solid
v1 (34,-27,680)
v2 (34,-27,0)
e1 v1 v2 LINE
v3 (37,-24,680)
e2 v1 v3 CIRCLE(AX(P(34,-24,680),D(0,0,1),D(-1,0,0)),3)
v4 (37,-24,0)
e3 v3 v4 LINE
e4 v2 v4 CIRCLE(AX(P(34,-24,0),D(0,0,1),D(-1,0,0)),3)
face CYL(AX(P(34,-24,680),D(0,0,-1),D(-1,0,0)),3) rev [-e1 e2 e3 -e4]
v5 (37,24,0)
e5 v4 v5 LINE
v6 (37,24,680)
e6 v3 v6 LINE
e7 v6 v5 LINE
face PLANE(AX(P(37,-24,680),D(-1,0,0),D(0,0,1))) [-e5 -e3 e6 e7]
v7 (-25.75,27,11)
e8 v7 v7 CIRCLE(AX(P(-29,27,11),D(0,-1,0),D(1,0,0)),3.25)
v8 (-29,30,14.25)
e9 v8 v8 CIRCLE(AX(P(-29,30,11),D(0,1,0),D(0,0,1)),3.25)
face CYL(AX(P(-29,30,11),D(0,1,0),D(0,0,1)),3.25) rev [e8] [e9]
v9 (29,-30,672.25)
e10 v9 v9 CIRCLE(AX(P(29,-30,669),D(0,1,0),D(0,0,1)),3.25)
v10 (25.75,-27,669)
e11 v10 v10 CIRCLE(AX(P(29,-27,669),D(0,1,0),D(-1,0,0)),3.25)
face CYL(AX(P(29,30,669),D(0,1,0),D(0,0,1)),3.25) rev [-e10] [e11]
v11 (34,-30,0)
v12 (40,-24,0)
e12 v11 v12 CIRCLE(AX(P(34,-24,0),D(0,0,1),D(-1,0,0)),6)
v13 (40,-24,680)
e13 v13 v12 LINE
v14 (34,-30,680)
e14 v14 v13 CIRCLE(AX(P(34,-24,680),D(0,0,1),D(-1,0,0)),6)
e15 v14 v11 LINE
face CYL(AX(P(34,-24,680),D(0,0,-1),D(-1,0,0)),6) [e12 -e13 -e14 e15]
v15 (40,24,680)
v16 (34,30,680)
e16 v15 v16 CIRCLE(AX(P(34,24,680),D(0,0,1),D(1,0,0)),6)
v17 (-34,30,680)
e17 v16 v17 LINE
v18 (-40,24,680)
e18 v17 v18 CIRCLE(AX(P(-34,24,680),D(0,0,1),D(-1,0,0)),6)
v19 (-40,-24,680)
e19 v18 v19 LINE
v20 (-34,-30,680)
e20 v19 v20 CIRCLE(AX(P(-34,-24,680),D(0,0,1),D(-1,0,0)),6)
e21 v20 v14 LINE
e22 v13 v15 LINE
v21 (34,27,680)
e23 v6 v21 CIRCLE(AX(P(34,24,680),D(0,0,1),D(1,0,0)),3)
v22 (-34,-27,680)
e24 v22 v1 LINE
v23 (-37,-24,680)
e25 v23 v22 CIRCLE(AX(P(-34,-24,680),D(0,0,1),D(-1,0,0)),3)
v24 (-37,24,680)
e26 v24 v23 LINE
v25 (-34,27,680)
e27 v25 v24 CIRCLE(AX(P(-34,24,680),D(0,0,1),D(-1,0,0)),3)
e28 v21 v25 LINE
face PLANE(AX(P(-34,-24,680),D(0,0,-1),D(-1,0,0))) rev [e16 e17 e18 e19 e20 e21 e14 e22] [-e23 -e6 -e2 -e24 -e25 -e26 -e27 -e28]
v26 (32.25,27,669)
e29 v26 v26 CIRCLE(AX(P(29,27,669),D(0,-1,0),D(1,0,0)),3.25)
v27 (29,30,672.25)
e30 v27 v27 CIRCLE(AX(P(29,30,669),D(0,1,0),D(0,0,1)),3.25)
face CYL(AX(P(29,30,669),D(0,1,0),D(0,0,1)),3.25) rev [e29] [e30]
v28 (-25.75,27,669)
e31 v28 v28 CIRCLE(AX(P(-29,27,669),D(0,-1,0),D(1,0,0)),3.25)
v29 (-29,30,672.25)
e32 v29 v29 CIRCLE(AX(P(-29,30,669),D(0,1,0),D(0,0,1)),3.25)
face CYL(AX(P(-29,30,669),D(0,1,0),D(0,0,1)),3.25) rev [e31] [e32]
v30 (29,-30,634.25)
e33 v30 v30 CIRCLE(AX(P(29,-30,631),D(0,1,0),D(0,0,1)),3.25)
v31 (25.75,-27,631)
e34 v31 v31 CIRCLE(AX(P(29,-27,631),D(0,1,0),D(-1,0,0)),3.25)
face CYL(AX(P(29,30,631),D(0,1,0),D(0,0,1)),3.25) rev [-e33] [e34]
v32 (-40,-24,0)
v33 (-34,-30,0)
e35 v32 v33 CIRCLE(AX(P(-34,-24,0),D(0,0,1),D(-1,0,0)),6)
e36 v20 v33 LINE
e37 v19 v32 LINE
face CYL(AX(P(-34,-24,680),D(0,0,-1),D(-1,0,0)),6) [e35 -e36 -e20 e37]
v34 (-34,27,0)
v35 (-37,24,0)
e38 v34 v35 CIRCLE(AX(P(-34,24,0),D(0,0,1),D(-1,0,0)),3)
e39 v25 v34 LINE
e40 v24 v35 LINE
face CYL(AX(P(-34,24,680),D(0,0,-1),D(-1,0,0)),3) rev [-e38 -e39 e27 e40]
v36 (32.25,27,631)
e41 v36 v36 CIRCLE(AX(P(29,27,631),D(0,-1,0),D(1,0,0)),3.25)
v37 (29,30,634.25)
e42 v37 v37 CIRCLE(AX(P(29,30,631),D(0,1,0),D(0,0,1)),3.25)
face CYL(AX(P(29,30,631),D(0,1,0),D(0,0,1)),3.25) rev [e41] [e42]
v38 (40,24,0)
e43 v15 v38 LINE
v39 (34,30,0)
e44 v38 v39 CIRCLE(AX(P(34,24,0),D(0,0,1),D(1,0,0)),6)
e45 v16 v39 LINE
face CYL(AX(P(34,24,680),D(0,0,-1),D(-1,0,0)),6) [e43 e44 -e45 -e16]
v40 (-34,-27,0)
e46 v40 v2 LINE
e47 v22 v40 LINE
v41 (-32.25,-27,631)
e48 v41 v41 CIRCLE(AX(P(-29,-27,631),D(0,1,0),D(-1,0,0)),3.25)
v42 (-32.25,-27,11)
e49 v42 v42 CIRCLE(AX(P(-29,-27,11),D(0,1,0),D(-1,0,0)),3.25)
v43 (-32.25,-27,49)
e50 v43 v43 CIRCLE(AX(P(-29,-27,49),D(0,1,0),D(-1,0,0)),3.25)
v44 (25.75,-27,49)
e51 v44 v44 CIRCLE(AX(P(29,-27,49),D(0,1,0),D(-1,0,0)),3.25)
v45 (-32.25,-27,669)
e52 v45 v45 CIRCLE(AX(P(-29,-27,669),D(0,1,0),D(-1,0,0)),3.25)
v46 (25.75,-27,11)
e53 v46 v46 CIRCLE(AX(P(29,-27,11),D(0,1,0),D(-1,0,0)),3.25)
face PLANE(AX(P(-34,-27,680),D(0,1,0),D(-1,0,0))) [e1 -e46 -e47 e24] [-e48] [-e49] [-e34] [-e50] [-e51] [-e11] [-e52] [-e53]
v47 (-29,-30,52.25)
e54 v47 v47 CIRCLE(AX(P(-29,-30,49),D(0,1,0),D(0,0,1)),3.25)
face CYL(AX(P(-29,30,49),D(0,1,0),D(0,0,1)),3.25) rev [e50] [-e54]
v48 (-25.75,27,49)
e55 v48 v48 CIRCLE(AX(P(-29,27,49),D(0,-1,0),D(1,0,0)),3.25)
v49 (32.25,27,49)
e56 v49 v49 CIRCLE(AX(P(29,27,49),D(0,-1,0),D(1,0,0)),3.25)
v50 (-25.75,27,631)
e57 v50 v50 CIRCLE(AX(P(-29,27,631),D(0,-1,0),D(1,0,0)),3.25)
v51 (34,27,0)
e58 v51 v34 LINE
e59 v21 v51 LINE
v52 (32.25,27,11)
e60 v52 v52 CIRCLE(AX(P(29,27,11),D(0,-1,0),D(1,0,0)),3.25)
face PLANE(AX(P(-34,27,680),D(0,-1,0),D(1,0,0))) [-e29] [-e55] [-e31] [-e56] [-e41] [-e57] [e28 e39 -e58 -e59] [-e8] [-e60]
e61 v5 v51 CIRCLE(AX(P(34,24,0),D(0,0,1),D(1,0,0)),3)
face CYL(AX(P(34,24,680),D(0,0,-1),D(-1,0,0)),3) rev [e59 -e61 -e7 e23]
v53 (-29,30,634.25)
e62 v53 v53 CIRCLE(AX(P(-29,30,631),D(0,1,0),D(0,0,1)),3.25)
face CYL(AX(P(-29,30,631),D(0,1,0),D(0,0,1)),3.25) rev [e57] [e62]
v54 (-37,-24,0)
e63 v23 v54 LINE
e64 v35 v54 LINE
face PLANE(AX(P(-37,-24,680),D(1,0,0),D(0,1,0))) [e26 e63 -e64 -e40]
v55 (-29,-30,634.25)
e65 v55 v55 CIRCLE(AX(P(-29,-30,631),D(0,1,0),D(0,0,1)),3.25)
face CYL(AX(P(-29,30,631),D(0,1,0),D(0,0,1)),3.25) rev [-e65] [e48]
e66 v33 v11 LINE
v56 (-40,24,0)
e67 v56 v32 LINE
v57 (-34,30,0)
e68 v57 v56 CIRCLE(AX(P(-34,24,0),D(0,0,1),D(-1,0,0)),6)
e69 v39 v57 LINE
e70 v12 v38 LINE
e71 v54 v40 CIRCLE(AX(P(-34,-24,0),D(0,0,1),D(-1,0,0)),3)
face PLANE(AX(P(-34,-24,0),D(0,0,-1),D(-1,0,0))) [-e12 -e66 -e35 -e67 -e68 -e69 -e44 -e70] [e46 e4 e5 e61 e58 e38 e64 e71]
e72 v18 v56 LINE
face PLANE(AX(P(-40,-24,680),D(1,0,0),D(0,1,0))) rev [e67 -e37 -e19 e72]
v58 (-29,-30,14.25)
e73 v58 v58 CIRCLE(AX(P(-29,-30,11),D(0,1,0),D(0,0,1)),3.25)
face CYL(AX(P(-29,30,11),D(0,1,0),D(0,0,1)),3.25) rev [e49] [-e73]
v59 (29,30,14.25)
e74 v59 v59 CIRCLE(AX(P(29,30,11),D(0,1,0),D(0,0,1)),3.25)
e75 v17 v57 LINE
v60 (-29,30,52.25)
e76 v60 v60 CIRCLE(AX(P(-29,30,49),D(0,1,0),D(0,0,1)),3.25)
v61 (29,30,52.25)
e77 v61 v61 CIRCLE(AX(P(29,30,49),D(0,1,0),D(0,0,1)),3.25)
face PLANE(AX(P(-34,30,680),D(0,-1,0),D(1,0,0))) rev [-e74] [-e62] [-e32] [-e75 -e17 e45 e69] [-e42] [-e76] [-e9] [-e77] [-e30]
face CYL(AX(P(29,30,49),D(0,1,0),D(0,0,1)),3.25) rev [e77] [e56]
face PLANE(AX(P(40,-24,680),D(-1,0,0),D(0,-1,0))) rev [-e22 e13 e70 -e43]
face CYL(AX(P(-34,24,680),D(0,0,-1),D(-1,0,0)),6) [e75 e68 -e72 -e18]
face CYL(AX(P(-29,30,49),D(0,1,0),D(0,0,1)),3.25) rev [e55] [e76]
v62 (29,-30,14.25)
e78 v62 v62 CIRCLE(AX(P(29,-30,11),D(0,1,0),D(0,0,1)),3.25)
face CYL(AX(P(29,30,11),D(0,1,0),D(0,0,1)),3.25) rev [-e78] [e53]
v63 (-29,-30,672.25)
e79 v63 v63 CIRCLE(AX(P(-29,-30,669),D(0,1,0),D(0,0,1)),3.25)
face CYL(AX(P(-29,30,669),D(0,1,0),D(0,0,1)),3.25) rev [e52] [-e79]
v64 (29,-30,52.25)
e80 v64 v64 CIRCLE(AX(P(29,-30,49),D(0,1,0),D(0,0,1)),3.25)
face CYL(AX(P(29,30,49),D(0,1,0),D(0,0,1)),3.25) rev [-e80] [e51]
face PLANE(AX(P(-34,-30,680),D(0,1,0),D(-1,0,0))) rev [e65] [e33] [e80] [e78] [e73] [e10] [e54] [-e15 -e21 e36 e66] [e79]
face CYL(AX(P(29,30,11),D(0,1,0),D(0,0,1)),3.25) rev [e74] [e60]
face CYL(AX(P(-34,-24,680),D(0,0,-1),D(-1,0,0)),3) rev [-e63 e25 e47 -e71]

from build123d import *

# Parameters (mm, degrees)
BOSS_EXTRUDE1_DEPTH = 680
HOLE1_D             = 6.5


with BuildPart() as part:
    # Sketch1 → Boss-Extrude1 (new body)
    with BuildSketch(Plane.XY):
        with BuildLine():
            Line((-40, -24), (-40, 24))
            ThreePointArc((-40, 24), (-38.242640687, 28.242640687), (-34, 30))
            Line((-34, 30), (34, 30))
            ThreePointArc((34, 30), (38.242640687, 28.242640687), (40, 24))
            Line((40, 24), (40, -24))
            ThreePointArc((40, -24), (38.242640687, -28.242640687), (34, -30))
            Line((34, -30), (-34, -30))
            ThreePointArc((-34, -30), (-38.242640687, -28.242640687), (-40, -24))
        make_face()
        with BuildLine():
            Line((-34, 27), (34, 27))
            ThreePointArc((34, 27), (36.121320344, 26.121320344), (37, 24))
            Line((37, 24), (37, -24))
            ThreePointArc((37, -24), (36.121320344, -26.121320344), (34, -27))
            Line((34, -27), (-34, -27))
            ThreePointArc((-34, -27), (-36.121320344, -26.121320344), (-37, -24))
            Line((-37, -24), (-37, 24))
            ThreePointArc((-37, 24), (-36.121320344, 26.121320344), (-34, 27))
        make_face(mode=Mode.SUBTRACT)
    extrude(amount=BOSS_EXTRUDE1_DEPTH)

    # Hole1 (through all)
    with Locations(Plane(origin=(-29, 30, 669), x_dir=(1, 0, 0), z_dir=(0, 1, 0))):
        with Locations((0, 0), (0, 38), (58, 38), (58, 0), (0, 658), (0, 620), (58, 658), (58, 620)):
            Hole(HOLE1_D / 2)


solid = part.part
